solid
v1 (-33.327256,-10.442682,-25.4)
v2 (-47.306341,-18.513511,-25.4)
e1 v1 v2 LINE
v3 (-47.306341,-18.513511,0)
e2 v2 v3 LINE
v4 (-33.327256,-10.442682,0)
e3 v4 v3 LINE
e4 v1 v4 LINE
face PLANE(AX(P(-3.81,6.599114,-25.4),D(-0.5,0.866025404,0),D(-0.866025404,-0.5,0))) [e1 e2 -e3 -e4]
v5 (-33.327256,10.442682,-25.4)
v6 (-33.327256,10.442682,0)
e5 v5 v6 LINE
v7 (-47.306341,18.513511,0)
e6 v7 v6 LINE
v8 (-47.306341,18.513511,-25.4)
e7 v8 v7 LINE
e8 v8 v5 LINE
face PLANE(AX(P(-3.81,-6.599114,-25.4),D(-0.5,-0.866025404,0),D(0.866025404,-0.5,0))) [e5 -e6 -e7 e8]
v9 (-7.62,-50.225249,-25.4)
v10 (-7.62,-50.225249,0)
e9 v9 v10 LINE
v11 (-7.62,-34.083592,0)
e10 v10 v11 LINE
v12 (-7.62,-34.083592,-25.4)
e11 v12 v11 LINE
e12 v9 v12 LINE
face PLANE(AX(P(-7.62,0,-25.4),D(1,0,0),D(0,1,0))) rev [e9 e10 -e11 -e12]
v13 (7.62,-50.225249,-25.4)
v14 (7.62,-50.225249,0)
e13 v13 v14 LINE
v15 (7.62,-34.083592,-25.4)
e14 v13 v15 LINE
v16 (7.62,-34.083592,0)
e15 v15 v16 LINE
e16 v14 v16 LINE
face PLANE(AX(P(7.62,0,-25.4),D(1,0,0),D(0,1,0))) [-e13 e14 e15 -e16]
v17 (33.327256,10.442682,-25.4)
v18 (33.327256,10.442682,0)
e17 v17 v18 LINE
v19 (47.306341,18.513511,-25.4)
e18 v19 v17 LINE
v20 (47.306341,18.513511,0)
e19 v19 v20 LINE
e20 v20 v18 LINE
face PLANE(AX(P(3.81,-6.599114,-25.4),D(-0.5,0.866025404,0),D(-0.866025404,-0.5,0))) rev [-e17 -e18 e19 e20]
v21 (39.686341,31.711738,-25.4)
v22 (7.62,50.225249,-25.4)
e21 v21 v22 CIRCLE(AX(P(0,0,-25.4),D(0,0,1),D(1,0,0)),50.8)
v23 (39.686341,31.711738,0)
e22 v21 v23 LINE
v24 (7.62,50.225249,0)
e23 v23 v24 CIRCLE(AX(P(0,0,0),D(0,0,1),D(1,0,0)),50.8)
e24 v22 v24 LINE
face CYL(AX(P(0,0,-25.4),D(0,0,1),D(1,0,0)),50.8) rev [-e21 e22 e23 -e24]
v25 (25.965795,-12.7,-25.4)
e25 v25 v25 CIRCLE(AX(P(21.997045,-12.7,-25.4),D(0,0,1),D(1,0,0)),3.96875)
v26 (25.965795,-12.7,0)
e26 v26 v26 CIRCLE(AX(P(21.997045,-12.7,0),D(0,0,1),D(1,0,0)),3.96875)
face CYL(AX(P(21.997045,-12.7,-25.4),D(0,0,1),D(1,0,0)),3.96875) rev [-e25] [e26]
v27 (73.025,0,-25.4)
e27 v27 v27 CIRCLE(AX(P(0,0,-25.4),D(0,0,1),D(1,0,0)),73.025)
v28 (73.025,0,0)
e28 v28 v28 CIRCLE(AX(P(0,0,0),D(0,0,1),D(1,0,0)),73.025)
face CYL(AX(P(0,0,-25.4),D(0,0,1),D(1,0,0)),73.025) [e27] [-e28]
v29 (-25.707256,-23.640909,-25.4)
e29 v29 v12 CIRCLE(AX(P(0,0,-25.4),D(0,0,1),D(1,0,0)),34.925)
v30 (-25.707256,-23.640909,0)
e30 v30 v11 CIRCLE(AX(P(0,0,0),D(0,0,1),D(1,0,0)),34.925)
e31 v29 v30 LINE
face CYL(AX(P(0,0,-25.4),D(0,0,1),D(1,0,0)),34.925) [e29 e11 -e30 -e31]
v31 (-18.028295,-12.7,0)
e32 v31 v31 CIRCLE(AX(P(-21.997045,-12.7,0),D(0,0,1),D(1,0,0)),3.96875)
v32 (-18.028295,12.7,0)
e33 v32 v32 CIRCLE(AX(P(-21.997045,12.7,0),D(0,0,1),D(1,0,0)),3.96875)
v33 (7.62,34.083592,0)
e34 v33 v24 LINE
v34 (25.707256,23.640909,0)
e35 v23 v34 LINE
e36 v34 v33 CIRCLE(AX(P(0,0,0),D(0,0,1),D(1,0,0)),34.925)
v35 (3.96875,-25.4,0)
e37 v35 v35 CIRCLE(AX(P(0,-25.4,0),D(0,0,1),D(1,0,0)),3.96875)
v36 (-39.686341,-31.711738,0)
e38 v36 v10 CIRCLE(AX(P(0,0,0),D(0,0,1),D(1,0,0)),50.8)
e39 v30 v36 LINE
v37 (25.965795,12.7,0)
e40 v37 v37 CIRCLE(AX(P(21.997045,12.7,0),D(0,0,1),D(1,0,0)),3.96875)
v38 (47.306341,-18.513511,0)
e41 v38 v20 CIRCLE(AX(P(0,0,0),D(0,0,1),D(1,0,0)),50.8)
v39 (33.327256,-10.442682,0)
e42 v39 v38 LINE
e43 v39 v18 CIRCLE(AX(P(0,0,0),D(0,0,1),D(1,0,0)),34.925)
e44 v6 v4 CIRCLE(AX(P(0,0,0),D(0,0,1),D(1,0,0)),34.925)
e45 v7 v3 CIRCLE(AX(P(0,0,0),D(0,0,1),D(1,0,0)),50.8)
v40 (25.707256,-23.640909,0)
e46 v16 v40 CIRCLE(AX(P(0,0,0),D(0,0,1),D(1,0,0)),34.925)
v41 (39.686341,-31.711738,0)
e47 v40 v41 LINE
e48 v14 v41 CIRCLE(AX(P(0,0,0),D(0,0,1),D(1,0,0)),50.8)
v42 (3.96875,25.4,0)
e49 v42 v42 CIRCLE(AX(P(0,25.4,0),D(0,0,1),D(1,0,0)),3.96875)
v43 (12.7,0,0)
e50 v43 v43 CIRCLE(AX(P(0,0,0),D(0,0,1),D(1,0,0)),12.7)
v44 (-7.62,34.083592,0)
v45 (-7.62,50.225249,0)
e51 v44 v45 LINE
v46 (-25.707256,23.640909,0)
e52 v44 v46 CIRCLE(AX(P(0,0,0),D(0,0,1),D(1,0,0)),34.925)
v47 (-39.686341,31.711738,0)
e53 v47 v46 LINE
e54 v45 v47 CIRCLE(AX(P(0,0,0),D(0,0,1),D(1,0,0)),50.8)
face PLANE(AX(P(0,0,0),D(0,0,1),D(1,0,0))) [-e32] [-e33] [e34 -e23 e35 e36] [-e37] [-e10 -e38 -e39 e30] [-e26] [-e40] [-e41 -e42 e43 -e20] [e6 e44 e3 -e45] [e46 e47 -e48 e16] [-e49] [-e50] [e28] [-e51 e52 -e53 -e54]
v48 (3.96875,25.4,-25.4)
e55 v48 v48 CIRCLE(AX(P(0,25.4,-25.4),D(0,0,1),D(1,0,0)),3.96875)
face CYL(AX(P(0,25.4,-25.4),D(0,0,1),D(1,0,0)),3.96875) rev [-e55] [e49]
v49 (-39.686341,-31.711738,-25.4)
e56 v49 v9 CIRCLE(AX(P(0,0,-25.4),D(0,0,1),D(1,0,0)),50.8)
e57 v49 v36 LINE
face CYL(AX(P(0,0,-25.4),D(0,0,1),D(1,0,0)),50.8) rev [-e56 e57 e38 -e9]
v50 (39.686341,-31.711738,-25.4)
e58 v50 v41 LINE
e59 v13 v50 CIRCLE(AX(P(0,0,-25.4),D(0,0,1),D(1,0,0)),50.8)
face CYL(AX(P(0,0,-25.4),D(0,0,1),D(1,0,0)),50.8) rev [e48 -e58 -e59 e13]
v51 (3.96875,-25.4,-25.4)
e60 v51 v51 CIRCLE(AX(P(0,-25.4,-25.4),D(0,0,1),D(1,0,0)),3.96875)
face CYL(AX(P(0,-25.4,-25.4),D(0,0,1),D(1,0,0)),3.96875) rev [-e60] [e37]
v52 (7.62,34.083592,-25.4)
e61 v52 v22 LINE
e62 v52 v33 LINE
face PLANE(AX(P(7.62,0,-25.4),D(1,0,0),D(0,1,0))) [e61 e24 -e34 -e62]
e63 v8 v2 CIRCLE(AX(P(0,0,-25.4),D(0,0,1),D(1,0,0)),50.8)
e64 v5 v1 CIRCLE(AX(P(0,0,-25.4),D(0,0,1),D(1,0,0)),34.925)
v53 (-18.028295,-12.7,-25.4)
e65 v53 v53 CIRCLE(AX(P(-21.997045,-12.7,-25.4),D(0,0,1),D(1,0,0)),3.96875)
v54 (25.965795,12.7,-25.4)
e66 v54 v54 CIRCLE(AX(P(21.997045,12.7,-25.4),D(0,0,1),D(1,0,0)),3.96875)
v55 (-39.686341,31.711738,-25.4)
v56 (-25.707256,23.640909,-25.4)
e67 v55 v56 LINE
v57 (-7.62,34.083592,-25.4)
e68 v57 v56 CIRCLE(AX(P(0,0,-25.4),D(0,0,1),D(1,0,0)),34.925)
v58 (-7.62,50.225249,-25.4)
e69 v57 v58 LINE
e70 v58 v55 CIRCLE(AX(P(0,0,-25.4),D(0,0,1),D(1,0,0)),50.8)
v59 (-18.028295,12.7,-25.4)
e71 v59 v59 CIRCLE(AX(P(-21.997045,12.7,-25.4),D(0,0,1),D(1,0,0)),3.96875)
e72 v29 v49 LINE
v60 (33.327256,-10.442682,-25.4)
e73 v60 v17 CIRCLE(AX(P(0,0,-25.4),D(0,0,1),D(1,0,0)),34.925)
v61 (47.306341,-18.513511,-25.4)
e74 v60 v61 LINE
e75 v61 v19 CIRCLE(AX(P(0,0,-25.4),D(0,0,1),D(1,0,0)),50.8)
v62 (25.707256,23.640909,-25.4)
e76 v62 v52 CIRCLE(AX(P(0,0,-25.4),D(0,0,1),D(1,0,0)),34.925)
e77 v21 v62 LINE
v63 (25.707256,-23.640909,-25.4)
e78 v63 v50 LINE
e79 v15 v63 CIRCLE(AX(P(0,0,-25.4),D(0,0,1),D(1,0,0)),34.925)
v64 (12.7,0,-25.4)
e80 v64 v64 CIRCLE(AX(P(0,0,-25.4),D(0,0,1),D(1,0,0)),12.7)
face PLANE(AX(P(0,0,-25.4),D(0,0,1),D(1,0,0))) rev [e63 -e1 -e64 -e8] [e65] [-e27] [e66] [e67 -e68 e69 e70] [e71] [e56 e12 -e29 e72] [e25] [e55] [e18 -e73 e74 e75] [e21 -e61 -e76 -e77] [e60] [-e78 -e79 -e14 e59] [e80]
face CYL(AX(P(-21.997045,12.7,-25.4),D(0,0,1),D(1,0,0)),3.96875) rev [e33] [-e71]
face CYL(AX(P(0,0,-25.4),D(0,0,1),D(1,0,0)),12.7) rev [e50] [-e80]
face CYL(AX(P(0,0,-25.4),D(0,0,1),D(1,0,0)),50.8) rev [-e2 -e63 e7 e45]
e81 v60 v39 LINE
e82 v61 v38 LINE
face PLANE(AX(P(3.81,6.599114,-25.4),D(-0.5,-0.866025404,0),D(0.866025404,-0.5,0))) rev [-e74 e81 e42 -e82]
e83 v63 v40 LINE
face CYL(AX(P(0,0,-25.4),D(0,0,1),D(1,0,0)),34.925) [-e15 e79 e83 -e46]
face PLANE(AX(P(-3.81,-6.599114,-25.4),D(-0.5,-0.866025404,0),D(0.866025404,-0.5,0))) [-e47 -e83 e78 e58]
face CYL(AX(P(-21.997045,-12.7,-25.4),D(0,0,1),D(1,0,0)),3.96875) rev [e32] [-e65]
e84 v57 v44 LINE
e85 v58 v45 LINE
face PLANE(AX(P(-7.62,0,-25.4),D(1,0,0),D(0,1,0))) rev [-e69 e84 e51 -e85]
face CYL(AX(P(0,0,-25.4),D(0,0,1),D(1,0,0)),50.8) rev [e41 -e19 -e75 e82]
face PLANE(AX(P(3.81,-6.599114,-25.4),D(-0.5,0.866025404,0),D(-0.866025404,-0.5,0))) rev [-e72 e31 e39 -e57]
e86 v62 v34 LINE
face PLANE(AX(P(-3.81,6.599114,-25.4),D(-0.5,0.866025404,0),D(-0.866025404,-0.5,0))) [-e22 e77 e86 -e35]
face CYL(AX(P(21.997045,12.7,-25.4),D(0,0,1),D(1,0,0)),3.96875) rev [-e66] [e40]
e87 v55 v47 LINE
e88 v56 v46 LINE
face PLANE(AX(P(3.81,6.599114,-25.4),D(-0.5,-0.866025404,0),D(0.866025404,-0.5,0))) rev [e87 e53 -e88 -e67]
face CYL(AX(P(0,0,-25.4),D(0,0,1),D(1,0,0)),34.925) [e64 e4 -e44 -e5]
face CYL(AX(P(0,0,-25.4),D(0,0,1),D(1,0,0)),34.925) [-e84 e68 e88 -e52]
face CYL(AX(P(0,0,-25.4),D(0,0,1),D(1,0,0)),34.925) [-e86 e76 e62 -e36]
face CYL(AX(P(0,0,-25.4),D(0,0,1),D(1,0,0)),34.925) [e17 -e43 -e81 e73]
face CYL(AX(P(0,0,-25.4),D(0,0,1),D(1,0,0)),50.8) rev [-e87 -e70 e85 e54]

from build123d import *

# Parameters (mm, degrees)
SKETCH3_R               = 73.025
BOSS_EXTRUDE2_DEPTH     = 25.4
CUT_EXTRUDE1_DEPTH      = 107.350652325
CUT_EXTRUDE1_DEPTH_BACK = 107.350652325
SKETCH4_R               = 3.96875
SKETCH4_R_2             = 12.7


with BuildPart() as part:
    # Sketch3 → Boss-Extrude2 (new body)
    with BuildSketch(Plane.XY):
        Circle(SKETCH3_R)
    extrude(amount=-BOSS_EXTRUDE2_DEPTH)

    # Sketch4 → Cut-Extrude1 (cut, two sides: drawn at the far end of the back side and taken through both)
    with BuildSketch(Plane.XY.offset(-CUT_EXTRUDE1_DEPTH_BACK)):
        with BuildLine():
            ThreePointArc((-39.686341225, -31.711737892), (-25.4, -43.994090512), (-7.62, -50.225248631))
            Line((-7.62, -50.225248631), (-7.62, -34.083591727))
            ThreePointArc((-7.62, -34.083591727), (-17.4625, -30.245937227), (-25.707256288, -23.64090944))
            Line((-25.707256288, -23.64090944), (-39.686341225, -31.711737892))
        make_face()
        with BuildLine():
            Line((7.62, -34.083591727), (7.62, -50.225248631))
            ThreePointArc((7.62, -50.225248631), (25.4, -43.994090512), (39.686341225, -31.711737892))
            Line((39.686341225, -31.711737892), (25.707256288, -23.64090944))
            ThreePointArc((25.707256288, -23.64090944), (17.4625, -30.245937227), (7.62, -34.083591727))
        make_face()
        with Locations((0, -25.4)):
            Circle(SKETCH4_R)
        with BuildLine():
            ThreePointArc((-47.306341225, 18.513510738), (-50.8, 0), (-47.306341225, -18.513510738))
            Line((-47.306341225, -18.513510738), (-33.327256288, -10.442682287))
            ThreePointArc((-33.327256288, -10.442682287), (-34.925, 0), (-33.327256288, 10.442682287))
            Line((-33.327256288, 10.442682287), (-47.306341225, 18.513510738))
        make_face()
        with BuildLine():
            Line((33.327256288, -10.442682287), (47.306341225, -18.513510738))
            ThreePointArc((47.306341225, -18.513510738), (50.8, 0), (47.306341225, 18.513510738))
            Line((47.306341225, 18.513510738), (33.327256288, 10.442682287))
            ThreePointArc((33.327256288, 10.442682287), (34.925, 0), (33.327256288, -10.442682287))
        make_face()
        Circle(SKETCH4_R_2)
        with Locations((-21.997045256, -12.7)):
            Circle(SKETCH4_R)
        with Locations((21.997045256, -12.7)):
            Circle(SKETCH4_R)
        with BuildLine():
            ThreePointArc((-7.62, 50.225248631), (-25.4, 43.994090512), (-39.686341225, 31.711737892))
            Line((-39.686341225, 31.711737892), (-25.707256288, 23.64090944))
            ThreePointArc((-25.707256288, 23.64090944), (-17.4625, 30.245937227), (-7.62, 34.083591727))
            Line((-7.62, 34.083591727), (-7.62, 50.225248631))
        make_face()
        with Locations((-21.997045256, 12.7)):
            Circle(SKETCH4_R)
        with Locations((21.997045256, 12.7)):
            Circle(SKETCH4_R)
        with BuildLine():
            Line((25.707256288, 23.64090944), (39.686341225, 31.711737892))
            ThreePointArc((39.686341225, 31.711737892), (25.4, 43.994090512), (7.62, 50.225248631))
            Line((7.62, 50.225248631), (7.62, 34.083591727))
            ThreePointArc((7.62, 34.083591727), (17.4625, 30.245937227), (25.707256288, 23.64090944))
        make_face()
        with Locations((0, 25.4)):
            Circle(SKETCH4_R)
    extrude(amount=CUT_EXTRUDE1_DEPTH + CUT_EXTRUDE1_DEPTH_BACK, mode=Mode.SUBTRACT)


solid = part.part
